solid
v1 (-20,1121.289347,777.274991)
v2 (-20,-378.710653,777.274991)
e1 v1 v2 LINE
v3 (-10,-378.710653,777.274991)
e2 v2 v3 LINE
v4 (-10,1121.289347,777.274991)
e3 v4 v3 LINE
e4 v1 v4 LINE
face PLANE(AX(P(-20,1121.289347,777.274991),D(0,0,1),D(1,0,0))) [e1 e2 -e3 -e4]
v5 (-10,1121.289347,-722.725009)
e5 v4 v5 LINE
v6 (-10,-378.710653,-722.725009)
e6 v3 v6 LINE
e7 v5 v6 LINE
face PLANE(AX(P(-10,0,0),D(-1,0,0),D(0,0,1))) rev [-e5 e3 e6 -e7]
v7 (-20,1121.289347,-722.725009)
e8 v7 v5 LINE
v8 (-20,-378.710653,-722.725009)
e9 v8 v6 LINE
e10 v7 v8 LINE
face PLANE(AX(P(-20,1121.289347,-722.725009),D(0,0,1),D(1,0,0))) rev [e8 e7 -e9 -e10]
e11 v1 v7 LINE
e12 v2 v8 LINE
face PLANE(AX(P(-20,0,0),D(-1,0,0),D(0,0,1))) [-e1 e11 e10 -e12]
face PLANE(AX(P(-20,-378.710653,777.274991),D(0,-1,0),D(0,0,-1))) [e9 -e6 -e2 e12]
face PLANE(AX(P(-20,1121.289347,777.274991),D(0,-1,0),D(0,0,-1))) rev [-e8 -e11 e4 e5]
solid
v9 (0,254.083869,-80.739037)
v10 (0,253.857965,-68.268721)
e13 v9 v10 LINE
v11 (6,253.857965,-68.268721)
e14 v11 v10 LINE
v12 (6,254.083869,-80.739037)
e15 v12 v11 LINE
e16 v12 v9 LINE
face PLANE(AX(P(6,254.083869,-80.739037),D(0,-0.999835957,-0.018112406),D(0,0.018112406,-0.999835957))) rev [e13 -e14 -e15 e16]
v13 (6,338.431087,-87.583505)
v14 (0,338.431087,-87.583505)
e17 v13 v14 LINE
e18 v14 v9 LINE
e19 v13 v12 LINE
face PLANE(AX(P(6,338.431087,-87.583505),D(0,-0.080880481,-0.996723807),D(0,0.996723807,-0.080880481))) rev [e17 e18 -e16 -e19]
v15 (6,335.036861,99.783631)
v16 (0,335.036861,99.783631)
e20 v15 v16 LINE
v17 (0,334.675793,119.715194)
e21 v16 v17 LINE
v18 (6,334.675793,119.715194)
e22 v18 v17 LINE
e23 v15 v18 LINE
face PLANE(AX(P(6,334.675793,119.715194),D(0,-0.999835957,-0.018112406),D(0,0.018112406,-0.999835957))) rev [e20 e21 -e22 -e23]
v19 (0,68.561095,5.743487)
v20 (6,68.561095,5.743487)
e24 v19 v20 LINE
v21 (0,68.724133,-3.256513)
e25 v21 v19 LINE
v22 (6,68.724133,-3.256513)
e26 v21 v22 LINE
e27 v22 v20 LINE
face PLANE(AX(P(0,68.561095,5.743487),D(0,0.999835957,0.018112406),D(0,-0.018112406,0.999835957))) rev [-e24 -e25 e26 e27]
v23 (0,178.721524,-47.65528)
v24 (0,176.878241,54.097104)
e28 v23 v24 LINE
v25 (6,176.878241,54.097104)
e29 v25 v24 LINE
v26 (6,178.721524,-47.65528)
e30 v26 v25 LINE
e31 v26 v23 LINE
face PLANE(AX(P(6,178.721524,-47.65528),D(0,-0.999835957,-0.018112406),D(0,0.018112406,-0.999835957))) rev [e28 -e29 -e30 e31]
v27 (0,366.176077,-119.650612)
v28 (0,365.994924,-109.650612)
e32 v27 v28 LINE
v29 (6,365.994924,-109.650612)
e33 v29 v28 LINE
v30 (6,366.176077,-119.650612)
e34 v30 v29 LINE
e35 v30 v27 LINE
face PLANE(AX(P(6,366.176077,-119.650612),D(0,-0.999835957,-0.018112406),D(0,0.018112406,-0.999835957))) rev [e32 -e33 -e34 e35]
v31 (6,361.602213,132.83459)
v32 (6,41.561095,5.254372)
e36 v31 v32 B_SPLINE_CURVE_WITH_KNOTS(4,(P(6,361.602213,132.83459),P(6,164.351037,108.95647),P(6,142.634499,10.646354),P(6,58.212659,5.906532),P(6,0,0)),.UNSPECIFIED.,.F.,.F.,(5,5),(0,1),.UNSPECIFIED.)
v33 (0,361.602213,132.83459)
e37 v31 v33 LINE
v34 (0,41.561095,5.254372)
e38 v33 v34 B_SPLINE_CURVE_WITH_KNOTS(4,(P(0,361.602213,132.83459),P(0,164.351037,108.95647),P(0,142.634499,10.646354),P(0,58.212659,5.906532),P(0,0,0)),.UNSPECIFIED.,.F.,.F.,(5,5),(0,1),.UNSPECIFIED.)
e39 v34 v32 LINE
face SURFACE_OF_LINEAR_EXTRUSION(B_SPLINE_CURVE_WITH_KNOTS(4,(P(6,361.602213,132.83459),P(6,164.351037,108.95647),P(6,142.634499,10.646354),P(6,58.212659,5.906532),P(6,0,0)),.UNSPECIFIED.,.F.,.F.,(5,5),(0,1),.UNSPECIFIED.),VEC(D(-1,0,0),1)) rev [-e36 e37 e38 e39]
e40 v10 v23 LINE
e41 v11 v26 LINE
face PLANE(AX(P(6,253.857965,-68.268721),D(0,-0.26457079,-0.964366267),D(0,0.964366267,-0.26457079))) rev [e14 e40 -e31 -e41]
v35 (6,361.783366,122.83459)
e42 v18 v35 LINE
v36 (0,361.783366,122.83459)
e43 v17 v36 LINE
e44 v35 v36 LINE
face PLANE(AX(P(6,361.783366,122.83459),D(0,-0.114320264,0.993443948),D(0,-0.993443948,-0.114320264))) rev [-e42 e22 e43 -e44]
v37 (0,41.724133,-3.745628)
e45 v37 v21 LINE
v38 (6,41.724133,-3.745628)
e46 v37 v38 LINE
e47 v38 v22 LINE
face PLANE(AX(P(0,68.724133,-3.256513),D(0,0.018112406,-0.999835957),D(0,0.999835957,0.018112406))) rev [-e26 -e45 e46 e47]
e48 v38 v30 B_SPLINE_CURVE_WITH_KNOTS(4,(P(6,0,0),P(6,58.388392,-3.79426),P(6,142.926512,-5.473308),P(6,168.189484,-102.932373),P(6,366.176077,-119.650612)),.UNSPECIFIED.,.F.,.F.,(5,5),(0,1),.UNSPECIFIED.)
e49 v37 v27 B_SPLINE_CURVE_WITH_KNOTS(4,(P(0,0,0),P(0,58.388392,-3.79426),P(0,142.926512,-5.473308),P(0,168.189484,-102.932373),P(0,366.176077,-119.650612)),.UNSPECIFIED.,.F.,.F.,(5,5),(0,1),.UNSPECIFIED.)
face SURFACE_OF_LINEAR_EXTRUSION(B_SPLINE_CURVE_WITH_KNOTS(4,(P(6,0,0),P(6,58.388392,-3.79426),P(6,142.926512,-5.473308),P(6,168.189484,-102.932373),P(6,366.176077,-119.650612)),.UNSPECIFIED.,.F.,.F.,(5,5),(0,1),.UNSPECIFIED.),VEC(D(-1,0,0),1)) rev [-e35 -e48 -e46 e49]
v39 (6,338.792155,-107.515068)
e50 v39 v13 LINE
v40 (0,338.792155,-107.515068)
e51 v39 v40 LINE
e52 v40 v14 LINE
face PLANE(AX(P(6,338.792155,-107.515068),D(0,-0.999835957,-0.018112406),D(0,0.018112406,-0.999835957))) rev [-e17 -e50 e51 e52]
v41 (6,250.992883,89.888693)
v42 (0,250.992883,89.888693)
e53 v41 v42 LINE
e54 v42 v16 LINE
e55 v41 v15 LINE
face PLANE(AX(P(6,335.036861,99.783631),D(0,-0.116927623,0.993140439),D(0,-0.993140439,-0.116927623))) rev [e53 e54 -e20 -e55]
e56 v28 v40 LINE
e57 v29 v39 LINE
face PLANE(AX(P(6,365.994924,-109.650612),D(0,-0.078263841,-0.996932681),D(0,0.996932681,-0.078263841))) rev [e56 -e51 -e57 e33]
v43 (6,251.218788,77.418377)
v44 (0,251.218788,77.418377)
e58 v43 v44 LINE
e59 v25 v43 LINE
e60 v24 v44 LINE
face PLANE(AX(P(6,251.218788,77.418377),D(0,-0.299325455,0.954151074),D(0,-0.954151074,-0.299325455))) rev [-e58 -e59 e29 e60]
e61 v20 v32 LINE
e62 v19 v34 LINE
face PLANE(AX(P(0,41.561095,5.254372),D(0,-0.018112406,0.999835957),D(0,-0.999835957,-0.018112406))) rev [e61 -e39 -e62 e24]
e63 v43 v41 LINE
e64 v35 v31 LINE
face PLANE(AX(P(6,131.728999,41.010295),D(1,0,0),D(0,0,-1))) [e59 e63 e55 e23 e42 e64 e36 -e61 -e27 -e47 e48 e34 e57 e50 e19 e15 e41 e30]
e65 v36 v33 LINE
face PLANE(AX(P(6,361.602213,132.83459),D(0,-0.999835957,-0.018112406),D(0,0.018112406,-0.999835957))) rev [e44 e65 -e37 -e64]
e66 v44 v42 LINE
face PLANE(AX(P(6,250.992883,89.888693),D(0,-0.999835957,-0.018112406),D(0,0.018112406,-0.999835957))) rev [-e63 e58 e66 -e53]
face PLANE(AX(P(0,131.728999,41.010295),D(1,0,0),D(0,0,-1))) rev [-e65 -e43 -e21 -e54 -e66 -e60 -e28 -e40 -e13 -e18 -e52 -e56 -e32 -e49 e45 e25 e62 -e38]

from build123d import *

# Parameters (mm, degrees)
BOSS_EXTRU_2_DEPTH      = 10
BOSS_EXTRU_3_DEPTH      = 6
ENL_V_MAT_EXTRU_1_DEPTH = 6


with BuildPart() as part:
    # Esquisse3D1 → Boss.-Extru.2 (new body)
    with BuildSketch(Plane(origin=(-20, 1121.289346724, 777.274991403), x_dir=(0, -0.7071067811865476, -0.7071067811865476), z_dir=(1, 0, 0))):
        Polygon((0, 0), (1060.66017178, 1060.66017178), (2121.32034356, 0), (1060.66017178, -1060.66017178), align=None)
    extrude(amount=BOSS_EXTRU_2_DEPTH)


with BuildPart() as body_2:
    # Esquisse5 → Boss.-Extru.3 (new body)
    with BuildSketch(Plane(origin=(0, 0, 0), x_dir=(0, 0, -1), z_dir=(1, 0, 0))):
        with BuildLine():
            Line((119.650611997, 366.176077392), (109.650611997, 365.994923619))
            Line((109.650611997, 365.994923619), (107.515068423, 338.792154681))
            Line((107.515068423, 338.792154681), (87.583504737, 338.431086885))
            Line((87.583504737, 338.431086885), (80.73903739, 254.0838692))
            Line((80.73903739, 254.0838692), (68.268721406, 253.857964722))
            Line((68.268721406, 253.857964722), (47.655280024, 178.721523841))
            Line((47.655280024, 178.721523841), (-54.097103916, 176.87824102))
            Line((-54.097103916, 176.87824102), (-77.418377324, 251.218787967))
            Line((-77.418377324, 251.218787967), (-89.888693308, 250.992883489))
            Line((-89.888693308, 250.992883489), (-99.783630674, 335.036860542))
            Line((-99.783630674, 335.036860542), (-119.71519436, 334.675792746))
            Line((-119.71519436, 334.675792746), (-122.834590281, 361.783366473))
            Line((-122.834590281, 361.783366473), (-132.834590281, 361.602212701))
            add(Edge.make_bspline(
                [(0, 0), (-5.906531601, 58.21265899), (-10.646353721, 142.634498604), (-108.956470004, 164.351037203), (-132.834590281, 361.602212701)],
                knots=[0, 0, 0, 0, 0, 1, 1, 1, 1, 1], degree=4))
            add(Edge.make_bspline(
                [(0, 0), (3.794259566, 58.388392481), (5.473308278, 142.926512363), (102.932373018, 168.18948353), (119.650611997, 366.176077392)],
                knots=[0, 0, 0, 0, 0, 1, 1, 1, 1, 1], degree=4))
        make_face()
    extrude(amount=BOSS_EXTRU_3_DEPTH)

    # Esquisse6 → Enlèv. mat.-Extru.1 (cut)
    with BuildSketch(Plane(origin=(6, 0, 0), x_dir=(0, 0, -1), z_dir=(1, 0, 0))):
        Polygon((-5.25437166, 41.561094688), (-5.743486846, 68.561094688), (3.256513154, 68.724133083), (3.74562834, 41.724133083), (117.063261114, -47.52702125), (-85.227699586, -65.220017949), align=None)
    extrude(amount=-ENL_V_MAT_EXTRU_1_DEPTH, mode=Mode.SUBTRACT)


solid = Compound([part.part, body_2.part])
